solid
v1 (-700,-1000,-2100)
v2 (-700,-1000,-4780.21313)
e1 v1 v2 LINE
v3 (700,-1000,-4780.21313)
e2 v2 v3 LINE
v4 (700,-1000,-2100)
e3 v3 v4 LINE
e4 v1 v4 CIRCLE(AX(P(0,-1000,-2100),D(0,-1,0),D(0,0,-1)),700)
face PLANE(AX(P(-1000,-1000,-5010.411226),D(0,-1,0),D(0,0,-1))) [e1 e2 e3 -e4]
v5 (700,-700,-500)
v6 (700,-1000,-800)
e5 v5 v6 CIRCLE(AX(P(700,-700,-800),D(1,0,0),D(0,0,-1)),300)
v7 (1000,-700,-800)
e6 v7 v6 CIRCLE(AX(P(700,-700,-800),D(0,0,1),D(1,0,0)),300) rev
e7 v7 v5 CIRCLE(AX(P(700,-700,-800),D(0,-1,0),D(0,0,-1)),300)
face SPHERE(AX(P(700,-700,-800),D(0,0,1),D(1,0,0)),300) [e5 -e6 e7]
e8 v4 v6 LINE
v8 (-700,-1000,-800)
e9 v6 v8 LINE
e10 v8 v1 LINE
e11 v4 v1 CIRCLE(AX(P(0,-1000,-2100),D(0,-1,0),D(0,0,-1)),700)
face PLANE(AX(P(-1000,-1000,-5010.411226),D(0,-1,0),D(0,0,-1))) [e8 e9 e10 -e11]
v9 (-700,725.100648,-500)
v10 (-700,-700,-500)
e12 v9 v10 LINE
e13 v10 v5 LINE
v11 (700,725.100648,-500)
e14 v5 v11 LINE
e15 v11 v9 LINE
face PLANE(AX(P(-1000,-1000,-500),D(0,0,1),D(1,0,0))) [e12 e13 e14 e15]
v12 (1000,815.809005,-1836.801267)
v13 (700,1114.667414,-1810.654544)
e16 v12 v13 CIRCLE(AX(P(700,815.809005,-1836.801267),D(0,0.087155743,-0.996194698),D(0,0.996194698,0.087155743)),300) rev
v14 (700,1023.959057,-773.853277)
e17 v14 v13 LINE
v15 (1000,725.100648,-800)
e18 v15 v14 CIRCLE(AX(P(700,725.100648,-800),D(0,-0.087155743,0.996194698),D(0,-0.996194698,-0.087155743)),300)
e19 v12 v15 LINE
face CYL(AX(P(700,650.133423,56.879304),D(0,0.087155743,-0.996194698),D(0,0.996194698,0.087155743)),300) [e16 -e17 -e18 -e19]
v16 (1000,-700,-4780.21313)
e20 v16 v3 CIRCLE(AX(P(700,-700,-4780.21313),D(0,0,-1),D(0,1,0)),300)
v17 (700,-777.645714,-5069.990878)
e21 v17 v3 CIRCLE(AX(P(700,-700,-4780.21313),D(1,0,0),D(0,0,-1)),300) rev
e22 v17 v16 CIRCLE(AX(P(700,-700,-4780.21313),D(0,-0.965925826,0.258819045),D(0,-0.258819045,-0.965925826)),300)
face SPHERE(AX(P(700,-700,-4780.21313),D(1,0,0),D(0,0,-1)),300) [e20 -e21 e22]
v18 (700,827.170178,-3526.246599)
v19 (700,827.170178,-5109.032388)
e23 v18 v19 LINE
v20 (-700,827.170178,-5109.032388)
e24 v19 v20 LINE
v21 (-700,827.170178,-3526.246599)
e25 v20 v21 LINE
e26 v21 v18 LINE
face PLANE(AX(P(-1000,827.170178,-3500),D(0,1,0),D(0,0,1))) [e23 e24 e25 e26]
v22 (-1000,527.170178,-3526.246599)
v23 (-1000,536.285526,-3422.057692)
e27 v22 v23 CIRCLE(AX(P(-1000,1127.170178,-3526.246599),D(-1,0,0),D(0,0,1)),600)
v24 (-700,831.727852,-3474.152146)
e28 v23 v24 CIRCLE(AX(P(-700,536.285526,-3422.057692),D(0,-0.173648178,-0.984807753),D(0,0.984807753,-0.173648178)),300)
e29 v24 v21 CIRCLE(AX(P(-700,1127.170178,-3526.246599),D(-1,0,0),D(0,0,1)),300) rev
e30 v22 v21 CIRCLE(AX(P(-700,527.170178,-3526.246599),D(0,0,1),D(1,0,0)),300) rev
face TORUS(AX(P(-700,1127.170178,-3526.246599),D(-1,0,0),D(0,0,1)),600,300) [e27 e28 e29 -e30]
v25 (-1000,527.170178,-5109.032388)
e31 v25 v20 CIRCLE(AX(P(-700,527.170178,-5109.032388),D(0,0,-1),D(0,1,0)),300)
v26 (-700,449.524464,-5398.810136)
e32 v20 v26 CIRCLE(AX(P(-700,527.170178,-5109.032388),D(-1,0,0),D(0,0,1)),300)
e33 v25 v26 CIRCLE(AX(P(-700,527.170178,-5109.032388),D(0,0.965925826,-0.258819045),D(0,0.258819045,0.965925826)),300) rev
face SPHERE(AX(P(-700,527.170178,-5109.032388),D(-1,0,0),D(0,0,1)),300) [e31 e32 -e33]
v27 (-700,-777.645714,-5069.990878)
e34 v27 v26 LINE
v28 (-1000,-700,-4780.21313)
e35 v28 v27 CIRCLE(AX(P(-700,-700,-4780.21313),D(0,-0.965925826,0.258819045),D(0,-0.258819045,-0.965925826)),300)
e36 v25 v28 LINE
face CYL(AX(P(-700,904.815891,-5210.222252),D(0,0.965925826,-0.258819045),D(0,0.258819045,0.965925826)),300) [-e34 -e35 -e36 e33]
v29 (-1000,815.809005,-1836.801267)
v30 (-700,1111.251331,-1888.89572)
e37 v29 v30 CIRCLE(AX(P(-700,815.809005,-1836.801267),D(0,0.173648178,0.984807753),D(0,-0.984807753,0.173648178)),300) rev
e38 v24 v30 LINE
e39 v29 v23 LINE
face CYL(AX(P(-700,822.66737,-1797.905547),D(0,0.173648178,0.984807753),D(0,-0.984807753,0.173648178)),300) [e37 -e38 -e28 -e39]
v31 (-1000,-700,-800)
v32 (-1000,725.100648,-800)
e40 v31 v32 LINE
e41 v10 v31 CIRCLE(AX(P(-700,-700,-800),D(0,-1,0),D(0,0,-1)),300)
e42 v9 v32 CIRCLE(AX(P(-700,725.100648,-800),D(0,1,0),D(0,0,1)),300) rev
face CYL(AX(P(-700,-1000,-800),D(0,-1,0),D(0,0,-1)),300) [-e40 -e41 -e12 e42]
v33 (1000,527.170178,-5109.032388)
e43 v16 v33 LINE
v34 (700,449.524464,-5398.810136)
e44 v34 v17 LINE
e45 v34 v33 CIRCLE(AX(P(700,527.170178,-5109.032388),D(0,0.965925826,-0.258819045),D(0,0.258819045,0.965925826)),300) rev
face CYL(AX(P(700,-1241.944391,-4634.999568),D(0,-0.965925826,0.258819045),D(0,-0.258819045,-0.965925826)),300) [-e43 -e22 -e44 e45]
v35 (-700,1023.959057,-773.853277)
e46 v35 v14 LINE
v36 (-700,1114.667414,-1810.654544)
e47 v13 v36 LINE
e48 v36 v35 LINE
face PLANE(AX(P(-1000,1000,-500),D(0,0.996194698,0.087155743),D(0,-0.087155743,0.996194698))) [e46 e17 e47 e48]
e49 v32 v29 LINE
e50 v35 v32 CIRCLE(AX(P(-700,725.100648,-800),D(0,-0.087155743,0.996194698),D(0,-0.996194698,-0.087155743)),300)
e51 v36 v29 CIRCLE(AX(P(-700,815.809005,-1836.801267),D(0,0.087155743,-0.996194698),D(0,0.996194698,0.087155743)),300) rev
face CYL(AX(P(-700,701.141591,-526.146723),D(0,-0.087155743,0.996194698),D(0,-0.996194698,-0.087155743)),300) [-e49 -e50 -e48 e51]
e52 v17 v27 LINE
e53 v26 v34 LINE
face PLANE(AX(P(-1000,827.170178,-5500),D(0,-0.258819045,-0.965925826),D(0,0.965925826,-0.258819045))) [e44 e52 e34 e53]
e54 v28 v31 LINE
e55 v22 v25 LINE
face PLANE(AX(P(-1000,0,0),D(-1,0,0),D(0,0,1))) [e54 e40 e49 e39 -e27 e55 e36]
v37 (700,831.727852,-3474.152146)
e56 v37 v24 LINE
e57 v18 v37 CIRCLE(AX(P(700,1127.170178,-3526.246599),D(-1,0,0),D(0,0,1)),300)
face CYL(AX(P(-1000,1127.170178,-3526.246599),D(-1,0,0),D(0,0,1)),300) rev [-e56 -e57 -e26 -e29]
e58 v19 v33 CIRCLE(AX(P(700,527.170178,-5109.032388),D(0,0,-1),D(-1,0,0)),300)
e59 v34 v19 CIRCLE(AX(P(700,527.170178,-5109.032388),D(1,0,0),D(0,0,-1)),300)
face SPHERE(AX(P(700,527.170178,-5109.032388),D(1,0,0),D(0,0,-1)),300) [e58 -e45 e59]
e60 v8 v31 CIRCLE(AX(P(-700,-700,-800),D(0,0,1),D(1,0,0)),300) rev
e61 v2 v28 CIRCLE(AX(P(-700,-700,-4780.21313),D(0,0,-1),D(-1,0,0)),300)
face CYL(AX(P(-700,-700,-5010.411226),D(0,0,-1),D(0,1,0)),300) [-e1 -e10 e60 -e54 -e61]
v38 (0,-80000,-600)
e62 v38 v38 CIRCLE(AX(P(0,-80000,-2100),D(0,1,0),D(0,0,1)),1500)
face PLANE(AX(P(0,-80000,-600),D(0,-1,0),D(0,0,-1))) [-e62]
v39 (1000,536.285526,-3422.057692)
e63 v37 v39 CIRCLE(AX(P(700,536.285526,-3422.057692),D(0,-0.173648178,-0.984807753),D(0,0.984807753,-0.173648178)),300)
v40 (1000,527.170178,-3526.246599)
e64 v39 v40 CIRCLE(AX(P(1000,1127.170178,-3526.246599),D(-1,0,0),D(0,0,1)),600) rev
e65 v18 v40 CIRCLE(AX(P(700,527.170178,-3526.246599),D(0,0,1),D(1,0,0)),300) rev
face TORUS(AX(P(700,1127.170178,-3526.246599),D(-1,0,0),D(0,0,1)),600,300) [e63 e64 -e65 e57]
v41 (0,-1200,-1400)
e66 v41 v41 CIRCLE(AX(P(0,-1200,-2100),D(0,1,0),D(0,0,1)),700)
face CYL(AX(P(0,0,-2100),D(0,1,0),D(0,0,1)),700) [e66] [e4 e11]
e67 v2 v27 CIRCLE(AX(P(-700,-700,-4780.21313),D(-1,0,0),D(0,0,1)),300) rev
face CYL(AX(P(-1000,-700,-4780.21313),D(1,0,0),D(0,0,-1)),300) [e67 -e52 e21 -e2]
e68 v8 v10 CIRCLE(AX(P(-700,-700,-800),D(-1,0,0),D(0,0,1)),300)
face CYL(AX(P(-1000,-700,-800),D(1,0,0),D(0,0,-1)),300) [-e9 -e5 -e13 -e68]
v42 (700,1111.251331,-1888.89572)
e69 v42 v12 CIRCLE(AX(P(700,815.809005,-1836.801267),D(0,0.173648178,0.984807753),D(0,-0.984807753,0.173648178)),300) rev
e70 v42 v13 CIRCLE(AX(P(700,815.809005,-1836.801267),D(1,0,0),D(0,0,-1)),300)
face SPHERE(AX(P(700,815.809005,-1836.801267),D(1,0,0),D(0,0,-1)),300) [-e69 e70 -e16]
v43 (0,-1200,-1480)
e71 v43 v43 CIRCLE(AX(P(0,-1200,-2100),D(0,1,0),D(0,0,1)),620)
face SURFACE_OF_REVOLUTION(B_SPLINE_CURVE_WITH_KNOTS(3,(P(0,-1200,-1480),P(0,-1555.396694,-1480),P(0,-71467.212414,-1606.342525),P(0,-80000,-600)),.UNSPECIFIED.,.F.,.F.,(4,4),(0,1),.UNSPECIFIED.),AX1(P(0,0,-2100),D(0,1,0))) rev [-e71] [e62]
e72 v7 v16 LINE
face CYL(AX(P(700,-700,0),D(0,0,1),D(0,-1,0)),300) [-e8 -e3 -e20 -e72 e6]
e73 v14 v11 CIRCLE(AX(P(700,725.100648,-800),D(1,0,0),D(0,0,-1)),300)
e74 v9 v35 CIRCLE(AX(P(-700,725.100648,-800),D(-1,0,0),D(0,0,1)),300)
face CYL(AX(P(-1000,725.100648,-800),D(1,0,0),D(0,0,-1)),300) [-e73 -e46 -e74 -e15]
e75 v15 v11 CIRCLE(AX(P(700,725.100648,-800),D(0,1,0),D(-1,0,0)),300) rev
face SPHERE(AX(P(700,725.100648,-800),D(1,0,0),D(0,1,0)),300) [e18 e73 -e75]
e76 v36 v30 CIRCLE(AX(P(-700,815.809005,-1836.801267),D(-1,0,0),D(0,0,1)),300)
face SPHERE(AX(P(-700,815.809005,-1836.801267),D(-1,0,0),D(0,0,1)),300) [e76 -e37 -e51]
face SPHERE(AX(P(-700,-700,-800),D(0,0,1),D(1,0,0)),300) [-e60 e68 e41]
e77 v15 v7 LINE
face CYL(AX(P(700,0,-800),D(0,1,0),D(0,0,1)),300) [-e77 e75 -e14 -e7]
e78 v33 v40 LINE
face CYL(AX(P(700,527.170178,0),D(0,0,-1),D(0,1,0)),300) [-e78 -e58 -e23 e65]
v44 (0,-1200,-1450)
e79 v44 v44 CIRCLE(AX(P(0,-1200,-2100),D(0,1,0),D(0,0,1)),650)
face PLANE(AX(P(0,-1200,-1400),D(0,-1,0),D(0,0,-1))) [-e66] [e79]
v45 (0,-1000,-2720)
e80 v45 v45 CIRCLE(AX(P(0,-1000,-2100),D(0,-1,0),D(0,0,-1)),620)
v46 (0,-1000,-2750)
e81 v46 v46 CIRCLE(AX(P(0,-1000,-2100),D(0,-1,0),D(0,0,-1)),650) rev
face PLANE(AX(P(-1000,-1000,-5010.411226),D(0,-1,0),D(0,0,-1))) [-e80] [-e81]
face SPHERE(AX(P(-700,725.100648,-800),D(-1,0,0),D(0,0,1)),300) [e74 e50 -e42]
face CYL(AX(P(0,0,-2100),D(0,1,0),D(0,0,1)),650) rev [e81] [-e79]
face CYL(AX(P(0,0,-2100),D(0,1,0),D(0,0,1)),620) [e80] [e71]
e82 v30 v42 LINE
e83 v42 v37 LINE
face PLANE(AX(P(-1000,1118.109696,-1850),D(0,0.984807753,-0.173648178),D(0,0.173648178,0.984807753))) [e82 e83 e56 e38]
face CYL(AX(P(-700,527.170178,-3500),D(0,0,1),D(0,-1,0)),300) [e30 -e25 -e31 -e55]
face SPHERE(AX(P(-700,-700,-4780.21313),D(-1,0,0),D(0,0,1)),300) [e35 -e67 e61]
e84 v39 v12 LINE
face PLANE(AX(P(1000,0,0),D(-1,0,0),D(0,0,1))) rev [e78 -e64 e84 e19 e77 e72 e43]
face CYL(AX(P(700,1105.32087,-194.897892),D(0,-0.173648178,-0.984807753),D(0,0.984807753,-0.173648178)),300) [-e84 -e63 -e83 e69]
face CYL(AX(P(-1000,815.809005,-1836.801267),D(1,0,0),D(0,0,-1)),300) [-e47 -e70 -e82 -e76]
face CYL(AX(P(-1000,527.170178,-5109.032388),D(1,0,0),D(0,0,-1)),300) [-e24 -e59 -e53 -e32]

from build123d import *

# Parameters (mm, degrees)
AUFSATZ_LINEAR_AUSTRAGEN1_DEPTH      = 1000
AUFSATZ_LINEAR_AUSTRAGEN1_DEPTH_BACK = 1000
VERRUNDUNG1_R                        = 300


with BuildPart() as part:
    # Skizze2 → Aufsatz-Linear austragen1 (new, two sides: drawn at the far end of the back side and taken through both)
    with BuildSketch(Plane(origin=(0, 0, 0), x_dir=(0, 0, -1), z_dir=(1, 0, 0)).offset(-AUFSATZ_LINEAR_AUSTRAGEN1_DEPTH_BACK)):
        Polygon((500, -1000), (500, 1000), (1850, 1118.10969576), (3500, 827.170177591), (5500, 827.170177591), (5010.41122648, -1000), align=None)
    extrude(amount=AUFSATZ_LINEAR_AUSTRAGEN1_DEPTH + AUFSATZ_LINEAR_AUSTRAGEN1_DEPTH_BACK)

    # Verrundung1
    verrundung1_edges = [part.edges().sort_by_distance(p)[0] for p in [
        (0, -1000, -500),
        (0, 1000, -500),
        (0, 1118.10969576, -1850),
        (0, 827.170177591, -3500),
        (0, 827.170177591, -5500),
        (0, -1000, -5010.41122648),
        (-1000, 827.170177591, -4500),
        (-1000, 972.639936676, -2675),
        (1000, -1000, -2755.20561324),
        (1000, -86.414911204, -5255.20561324),
        (1000, 827.170177591, -4500),
        (1000, 972.639936676, -2675),
        (1000, 1059.05484788, -1175),
        (1000, 0, -500),
        (-1000, 1059.05484788, -1175),
        (-1000, 0, -500),
        (-1000, -1000, -2755.20561324),
        (-1000, -86.414911204, -5255.20561324),
    ]]
    fillet(verrundung1_edges, radius=VERRUNDUNG1_R)

    # Skizze3 → Rotation1 (revolve)
    with BuildSketch(Plane(origin=(0, 0, 0), x_dir=(0, 0, -1), z_dir=(1, 0, 0))):
        with BuildLine():
            Line((2100, -700), (1400, -700))
            Line((1400, -700), (1400, -1200))
            Line((1400, -1200), (1450, -1200))
            Line((1450, -1200), (1450, -1000))
            Line((1450, -1000), (1480, -1000))
            Line((1480, -1000), (1480, -1200))
            add(Edge.make_bspline(
                [(1480, -1200), (1480, -1555.39669448), (1606.342524753, -71467.212413931), (600, -80000)],
                knots=[0, 0, 0, 0, 1, 1, 1, 1], degree=3))
            Line((600, -80000), (2100, -80000))
            Line((2100, -80000), (2100, -700))
        make_face()
    revolve(axis=Axis((0, 0, -2100), (0, -1, 0)))


solid = part.part
